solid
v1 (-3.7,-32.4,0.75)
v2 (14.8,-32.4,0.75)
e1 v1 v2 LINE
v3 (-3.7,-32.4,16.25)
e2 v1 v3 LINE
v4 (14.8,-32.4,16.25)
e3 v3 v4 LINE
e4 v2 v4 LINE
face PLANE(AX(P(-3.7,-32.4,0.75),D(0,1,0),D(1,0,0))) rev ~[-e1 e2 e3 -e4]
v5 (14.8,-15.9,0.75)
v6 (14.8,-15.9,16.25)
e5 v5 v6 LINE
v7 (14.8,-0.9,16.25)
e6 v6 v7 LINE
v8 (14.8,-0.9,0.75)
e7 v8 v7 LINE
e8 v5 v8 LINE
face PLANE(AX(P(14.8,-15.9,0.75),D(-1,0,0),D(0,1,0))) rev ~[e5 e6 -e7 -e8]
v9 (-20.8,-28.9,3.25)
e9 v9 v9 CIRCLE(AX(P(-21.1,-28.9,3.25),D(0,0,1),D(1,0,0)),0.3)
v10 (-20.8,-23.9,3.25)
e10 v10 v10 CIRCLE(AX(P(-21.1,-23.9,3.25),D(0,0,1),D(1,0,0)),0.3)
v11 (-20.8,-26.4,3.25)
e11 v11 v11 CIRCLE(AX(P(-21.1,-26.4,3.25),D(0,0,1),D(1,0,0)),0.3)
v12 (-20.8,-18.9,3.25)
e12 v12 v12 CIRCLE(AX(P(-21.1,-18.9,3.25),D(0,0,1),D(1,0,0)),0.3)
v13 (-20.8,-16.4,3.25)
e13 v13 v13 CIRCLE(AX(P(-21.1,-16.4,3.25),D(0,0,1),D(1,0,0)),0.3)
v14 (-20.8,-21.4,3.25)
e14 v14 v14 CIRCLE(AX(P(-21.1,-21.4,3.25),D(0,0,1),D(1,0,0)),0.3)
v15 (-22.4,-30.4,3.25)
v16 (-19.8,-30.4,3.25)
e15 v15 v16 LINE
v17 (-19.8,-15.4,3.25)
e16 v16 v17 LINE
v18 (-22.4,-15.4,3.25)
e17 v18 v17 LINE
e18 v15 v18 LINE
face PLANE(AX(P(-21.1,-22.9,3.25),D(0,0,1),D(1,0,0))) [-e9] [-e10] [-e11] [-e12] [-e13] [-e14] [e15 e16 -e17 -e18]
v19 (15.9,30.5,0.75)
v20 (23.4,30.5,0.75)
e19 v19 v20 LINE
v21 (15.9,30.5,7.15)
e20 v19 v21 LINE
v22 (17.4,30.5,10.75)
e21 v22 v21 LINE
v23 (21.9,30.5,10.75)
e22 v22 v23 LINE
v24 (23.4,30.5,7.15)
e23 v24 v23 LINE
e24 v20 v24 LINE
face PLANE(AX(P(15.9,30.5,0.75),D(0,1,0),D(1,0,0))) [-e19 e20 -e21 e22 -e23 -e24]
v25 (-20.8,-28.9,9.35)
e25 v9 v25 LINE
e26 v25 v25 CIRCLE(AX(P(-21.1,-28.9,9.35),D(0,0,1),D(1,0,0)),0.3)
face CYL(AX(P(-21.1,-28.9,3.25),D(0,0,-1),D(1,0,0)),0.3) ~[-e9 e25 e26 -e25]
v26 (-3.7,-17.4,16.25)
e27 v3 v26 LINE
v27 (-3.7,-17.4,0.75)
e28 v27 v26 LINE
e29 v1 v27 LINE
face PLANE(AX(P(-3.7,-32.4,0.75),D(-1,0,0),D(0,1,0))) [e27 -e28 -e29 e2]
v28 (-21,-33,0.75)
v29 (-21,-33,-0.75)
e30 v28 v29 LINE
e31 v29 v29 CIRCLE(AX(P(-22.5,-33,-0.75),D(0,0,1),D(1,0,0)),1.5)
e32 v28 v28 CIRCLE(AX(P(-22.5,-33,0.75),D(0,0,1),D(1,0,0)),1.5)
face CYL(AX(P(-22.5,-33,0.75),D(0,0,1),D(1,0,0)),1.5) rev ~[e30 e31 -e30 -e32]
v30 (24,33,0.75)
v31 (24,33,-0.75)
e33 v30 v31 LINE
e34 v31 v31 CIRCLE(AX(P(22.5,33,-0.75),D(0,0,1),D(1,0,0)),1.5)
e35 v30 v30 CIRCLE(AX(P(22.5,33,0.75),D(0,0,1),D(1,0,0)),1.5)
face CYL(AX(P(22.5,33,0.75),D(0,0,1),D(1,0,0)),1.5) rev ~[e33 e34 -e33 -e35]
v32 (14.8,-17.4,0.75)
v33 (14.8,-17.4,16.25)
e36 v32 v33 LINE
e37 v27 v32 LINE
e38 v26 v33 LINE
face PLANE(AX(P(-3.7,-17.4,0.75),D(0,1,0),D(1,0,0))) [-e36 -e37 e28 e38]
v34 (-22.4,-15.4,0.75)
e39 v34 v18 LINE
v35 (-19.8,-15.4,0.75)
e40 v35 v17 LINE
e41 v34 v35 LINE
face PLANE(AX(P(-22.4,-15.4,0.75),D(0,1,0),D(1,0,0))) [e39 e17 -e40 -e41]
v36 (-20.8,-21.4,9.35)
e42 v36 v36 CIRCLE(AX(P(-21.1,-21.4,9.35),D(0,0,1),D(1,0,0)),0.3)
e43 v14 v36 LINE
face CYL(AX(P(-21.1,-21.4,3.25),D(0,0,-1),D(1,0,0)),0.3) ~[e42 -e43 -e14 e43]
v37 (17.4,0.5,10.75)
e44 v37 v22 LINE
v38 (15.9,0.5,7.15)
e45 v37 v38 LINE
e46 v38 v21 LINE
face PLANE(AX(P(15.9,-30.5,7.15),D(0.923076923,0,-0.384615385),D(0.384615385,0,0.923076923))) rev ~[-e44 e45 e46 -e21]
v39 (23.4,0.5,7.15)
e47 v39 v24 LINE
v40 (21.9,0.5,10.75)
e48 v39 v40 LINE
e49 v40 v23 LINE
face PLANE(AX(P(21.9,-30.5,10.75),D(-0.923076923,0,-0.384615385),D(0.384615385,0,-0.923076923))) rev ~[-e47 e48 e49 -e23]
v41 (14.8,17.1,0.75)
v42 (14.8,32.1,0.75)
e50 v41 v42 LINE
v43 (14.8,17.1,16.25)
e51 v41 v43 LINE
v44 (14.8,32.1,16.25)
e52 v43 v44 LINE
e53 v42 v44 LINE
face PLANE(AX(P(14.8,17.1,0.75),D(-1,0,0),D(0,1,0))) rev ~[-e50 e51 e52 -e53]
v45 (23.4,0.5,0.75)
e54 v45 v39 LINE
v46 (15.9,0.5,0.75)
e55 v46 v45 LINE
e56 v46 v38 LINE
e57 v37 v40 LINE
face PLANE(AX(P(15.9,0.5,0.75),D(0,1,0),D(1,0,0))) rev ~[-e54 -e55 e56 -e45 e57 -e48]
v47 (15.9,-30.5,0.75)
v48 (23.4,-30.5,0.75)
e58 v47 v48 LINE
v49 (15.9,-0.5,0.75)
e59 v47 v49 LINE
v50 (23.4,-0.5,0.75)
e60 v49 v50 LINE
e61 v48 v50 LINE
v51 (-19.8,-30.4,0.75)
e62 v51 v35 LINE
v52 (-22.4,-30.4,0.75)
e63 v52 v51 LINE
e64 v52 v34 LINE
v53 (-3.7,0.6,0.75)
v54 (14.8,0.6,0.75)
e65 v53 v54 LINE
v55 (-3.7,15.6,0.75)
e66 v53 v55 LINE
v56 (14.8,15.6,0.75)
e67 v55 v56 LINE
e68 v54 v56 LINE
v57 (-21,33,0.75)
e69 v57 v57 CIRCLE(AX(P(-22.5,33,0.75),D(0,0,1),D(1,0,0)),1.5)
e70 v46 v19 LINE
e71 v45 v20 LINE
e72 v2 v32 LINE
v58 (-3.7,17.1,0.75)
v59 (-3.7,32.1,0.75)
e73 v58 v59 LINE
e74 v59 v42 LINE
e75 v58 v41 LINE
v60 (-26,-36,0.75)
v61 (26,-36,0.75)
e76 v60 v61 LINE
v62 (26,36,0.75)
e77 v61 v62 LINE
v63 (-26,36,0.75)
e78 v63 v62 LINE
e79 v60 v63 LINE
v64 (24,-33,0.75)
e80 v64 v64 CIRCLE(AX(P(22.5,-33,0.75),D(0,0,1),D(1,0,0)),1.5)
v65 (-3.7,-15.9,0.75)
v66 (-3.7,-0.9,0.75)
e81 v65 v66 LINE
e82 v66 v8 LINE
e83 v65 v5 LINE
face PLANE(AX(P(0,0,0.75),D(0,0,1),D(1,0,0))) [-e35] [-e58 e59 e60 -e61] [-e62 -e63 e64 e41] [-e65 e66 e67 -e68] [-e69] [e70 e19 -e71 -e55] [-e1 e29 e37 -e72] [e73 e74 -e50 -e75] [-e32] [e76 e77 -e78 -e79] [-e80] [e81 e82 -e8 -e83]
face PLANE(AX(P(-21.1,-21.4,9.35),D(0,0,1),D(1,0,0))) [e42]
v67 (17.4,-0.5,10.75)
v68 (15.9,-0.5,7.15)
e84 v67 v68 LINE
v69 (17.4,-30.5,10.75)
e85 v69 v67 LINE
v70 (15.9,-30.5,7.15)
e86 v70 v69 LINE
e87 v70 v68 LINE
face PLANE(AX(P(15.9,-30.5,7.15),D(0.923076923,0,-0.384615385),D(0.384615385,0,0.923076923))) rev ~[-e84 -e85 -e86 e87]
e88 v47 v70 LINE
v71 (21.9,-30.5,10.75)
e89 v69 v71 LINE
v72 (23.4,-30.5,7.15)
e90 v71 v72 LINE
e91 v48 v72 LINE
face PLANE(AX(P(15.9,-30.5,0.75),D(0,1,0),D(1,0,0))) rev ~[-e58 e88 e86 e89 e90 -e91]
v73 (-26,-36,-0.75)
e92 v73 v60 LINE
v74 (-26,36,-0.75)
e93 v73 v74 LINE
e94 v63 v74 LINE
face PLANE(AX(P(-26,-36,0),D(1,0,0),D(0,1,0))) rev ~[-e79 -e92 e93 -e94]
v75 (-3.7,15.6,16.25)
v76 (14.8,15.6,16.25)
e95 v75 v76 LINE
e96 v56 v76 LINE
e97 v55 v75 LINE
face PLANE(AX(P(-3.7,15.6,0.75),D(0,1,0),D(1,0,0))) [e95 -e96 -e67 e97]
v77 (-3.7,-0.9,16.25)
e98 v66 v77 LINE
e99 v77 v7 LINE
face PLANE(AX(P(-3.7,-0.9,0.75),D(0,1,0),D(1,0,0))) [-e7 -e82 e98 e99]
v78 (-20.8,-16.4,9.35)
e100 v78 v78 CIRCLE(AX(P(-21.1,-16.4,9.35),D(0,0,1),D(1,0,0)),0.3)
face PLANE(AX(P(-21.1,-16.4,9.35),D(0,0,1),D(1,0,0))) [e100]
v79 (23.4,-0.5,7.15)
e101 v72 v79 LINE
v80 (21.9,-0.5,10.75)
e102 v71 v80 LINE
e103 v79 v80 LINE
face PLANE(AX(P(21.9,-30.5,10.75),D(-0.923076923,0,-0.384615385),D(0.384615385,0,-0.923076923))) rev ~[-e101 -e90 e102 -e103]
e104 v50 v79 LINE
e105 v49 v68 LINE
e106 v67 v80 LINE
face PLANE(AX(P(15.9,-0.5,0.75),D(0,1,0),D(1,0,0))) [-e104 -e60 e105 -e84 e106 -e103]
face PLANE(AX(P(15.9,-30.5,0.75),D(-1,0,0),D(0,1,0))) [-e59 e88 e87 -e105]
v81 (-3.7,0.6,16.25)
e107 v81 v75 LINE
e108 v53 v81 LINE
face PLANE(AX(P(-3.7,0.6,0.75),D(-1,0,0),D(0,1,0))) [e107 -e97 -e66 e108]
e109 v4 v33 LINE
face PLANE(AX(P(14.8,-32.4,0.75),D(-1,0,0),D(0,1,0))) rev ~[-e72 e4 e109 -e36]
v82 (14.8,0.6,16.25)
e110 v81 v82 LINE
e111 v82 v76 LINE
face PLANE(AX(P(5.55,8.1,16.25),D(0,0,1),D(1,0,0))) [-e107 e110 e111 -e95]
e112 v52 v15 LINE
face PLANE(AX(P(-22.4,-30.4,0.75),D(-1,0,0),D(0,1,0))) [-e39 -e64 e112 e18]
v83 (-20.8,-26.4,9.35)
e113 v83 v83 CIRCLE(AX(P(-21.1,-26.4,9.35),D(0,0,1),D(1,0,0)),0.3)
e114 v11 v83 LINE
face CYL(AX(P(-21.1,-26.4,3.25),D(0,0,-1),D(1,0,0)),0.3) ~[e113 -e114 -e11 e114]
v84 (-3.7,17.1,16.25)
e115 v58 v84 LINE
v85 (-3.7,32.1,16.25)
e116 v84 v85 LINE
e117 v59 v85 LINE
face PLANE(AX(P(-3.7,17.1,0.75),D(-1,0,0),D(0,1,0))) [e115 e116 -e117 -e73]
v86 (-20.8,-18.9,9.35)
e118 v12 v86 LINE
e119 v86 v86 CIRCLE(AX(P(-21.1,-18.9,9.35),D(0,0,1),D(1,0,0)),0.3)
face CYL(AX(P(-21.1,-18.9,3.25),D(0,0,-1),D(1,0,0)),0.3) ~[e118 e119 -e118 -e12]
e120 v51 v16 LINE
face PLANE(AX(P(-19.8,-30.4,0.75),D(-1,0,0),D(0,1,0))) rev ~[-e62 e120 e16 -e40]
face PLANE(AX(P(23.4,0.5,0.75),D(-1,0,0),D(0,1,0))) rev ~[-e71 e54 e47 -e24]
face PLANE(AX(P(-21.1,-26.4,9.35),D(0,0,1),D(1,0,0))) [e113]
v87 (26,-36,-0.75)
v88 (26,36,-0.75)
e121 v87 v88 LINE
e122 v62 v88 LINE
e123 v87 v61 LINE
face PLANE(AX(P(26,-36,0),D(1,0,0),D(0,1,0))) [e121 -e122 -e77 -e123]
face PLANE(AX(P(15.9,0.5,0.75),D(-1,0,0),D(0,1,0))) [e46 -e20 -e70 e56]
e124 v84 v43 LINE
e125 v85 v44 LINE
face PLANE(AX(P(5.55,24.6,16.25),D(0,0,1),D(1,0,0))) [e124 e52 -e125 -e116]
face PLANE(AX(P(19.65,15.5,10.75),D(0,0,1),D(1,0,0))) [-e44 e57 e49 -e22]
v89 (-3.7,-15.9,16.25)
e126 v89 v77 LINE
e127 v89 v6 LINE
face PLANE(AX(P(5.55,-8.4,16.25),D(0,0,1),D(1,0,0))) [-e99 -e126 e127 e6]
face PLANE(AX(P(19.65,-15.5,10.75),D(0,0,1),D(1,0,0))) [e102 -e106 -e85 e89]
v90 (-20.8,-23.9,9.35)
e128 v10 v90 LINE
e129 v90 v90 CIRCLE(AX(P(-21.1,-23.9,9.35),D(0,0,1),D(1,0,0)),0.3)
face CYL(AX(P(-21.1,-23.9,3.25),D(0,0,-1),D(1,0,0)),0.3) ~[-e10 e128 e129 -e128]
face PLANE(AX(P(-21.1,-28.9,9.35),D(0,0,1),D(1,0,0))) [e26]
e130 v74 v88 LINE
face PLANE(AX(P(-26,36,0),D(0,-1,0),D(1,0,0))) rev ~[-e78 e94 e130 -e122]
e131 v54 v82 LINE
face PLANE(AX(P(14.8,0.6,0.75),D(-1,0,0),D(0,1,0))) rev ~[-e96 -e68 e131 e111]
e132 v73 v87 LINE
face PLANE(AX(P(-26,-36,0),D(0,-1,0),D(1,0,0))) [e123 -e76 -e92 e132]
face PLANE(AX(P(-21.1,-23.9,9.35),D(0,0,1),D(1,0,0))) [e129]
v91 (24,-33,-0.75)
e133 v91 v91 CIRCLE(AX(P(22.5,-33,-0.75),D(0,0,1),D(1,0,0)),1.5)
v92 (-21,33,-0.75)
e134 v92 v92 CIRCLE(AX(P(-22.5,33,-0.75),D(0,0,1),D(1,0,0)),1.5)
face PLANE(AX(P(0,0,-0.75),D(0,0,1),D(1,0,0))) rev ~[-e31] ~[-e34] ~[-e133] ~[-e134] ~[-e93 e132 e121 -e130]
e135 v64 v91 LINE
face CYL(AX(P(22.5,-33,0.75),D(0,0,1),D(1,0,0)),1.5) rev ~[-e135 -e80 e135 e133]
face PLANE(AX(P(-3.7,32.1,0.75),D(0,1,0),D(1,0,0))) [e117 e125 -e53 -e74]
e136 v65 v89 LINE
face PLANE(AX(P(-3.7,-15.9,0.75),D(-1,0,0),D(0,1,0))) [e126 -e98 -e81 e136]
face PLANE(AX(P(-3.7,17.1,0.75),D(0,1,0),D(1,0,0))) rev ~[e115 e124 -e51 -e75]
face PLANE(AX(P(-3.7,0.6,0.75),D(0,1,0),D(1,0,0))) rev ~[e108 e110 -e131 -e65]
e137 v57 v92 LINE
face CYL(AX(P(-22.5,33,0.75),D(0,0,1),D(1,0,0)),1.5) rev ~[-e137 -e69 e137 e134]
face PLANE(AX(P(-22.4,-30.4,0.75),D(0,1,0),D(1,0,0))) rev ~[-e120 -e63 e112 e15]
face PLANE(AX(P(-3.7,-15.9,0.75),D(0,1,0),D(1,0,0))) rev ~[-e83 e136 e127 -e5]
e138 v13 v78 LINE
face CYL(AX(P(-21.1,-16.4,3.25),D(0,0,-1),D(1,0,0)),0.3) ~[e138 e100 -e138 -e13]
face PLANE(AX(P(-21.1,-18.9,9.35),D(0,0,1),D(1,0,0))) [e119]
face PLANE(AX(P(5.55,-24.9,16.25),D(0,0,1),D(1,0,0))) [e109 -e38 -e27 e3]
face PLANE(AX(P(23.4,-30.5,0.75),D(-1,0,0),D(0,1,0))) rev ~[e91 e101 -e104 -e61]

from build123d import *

# Parameters (mm, degrees)
CROQUIS1_W              = 52
CROQUIS1_H              = 72
SALIENTE_EXTRUIR1_DEPTH = 0.75
CROQUIS2_R              = 1.5
CORTAR_EXTRUIR1_DEPTH   = 1.5
CROQUIS3_W              = 18.5
CROQUIS3_H              = 15
SALIENTE_EXTRUIR2_DEPTH = 15.5
CROQUIS4_W              = 7.5
CROQUIS4_H              = 30
SALIENTE_EXTRUIR3_DEPTH = 10
CORTAR_EXTRUIR2_DEPTH   = 80
CROQUIS6_W              = 2.6
CROQUIS6_H              = 15
SALIENTE_EXTRUIR4_DEPTH = 2.5
CROQUIS7_R              = 0.3
SALIENTE_EXTRUIR5_DEPTH = 6.1


with BuildPart() as part:
    # Croquis1 → Saliente-Extruir1 (new body, symmetric)
    with BuildSketch(Plane.XY):
        Rectangle(CROQUIS1_W, CROQUIS1_H)
    extrude(amount=SALIENTE_EXTRUIR1_DEPTH, both=True)

    # Croquis2 → Cortar-Extruir1 (cut)
    with BuildSketch(Plane.XY.offset(0.75)):
        with Locations((-22.5, 33)):
            Circle(CROQUIS2_R)
        with Locations((22.5, 33)):
            Circle(CROQUIS2_R)
        with Locations((-22.5, -33)):
            Circle(CROQUIS2_R)
        with Locations((22.5, -33)):
            Circle(CROQUIS2_R)
    extrude(amount=-CORTAR_EXTRUIR1_DEPTH, mode=Mode.SUBTRACT)

    # Croquis3 → Saliente-Extruir2 (add)
    with BuildSketch(Plane.XY.offset(0.75)):
        with Locations((5.55, -24.9)):
            Rectangle(CROQUIS3_W, CROQUIS3_H)
        with Locations((5.55, -8.4)):
            Rectangle(CROQUIS3_W, CROQUIS3_H)
        with Locations((5.55, 8.1)):
            Rectangle(CROQUIS3_W, CROQUIS3_H)
        with Locations((5.55, 24.6)):
            Rectangle(CROQUIS3_W, CROQUIS3_H)
    extrude(amount=SALIENTE_EXTRUIR2_DEPTH)

    # Croquis4 → Saliente-Extruir3 (add)
    with BuildSketch(Plane.XY.offset(0.75)):
        with Locations((19.65, -15.5)):
            Rectangle(CROQUIS4_W, CROQUIS4_H)
        with Locations((19.65, 15.5)):
            Rectangle(CROQUIS4_W, CROQUIS4_H)
    extrude(amount=SALIENTE_EXTRUIR3_DEPTH)

    # Croquis5 → Cortar-Extruir2 (cut)
    with BuildSketch(Plane.XZ.offset(30.5)):
        Polygon((15.9, 10.75), (15.9, 7.15), (17.4, 10.75), align=None)
        Polygon((23.4, 10.75), (21.9, 10.75), (23.4, 7.15), align=None)
    extrude(amount=-CORTAR_EXTRUIR2_DEPTH, mode=Mode.SUBTRACT)

    # Croquis6 → Saliente-Extruir4 (add)
    with BuildSketch(Plane.XY.offset(0.75)):
        with Locations((-21.1, -22.9)):
            Rectangle(CROQUIS6_W, CROQUIS6_H)
    extrude(amount=SALIENTE_EXTRUIR4_DEPTH)

    # Croquis7 → Saliente-Extruir5 (add)
    with BuildSketch(Plane.XY.offset(3.25)):
        with Locations((-21.1, -28.9)):
            Circle(CROQUIS7_R)
        with Locations((-21.1, -26.4)):
            Circle(CROQUIS7_R)
        with Locations((-21.1, -23.9)):
            Circle(CROQUIS7_R)
        with Locations((-21.1, -21.4)):
            Circle(CROQUIS7_R)
        with Locations((-21.1, -18.9)):
            Circle(CROQUIS7_R)
        with Locations((-21.1, -16.4)):
            Circle(CROQUIS7_R)
    extrude(amount=SALIENTE_EXTRUIR5_DEPTH)


solid = part.part
